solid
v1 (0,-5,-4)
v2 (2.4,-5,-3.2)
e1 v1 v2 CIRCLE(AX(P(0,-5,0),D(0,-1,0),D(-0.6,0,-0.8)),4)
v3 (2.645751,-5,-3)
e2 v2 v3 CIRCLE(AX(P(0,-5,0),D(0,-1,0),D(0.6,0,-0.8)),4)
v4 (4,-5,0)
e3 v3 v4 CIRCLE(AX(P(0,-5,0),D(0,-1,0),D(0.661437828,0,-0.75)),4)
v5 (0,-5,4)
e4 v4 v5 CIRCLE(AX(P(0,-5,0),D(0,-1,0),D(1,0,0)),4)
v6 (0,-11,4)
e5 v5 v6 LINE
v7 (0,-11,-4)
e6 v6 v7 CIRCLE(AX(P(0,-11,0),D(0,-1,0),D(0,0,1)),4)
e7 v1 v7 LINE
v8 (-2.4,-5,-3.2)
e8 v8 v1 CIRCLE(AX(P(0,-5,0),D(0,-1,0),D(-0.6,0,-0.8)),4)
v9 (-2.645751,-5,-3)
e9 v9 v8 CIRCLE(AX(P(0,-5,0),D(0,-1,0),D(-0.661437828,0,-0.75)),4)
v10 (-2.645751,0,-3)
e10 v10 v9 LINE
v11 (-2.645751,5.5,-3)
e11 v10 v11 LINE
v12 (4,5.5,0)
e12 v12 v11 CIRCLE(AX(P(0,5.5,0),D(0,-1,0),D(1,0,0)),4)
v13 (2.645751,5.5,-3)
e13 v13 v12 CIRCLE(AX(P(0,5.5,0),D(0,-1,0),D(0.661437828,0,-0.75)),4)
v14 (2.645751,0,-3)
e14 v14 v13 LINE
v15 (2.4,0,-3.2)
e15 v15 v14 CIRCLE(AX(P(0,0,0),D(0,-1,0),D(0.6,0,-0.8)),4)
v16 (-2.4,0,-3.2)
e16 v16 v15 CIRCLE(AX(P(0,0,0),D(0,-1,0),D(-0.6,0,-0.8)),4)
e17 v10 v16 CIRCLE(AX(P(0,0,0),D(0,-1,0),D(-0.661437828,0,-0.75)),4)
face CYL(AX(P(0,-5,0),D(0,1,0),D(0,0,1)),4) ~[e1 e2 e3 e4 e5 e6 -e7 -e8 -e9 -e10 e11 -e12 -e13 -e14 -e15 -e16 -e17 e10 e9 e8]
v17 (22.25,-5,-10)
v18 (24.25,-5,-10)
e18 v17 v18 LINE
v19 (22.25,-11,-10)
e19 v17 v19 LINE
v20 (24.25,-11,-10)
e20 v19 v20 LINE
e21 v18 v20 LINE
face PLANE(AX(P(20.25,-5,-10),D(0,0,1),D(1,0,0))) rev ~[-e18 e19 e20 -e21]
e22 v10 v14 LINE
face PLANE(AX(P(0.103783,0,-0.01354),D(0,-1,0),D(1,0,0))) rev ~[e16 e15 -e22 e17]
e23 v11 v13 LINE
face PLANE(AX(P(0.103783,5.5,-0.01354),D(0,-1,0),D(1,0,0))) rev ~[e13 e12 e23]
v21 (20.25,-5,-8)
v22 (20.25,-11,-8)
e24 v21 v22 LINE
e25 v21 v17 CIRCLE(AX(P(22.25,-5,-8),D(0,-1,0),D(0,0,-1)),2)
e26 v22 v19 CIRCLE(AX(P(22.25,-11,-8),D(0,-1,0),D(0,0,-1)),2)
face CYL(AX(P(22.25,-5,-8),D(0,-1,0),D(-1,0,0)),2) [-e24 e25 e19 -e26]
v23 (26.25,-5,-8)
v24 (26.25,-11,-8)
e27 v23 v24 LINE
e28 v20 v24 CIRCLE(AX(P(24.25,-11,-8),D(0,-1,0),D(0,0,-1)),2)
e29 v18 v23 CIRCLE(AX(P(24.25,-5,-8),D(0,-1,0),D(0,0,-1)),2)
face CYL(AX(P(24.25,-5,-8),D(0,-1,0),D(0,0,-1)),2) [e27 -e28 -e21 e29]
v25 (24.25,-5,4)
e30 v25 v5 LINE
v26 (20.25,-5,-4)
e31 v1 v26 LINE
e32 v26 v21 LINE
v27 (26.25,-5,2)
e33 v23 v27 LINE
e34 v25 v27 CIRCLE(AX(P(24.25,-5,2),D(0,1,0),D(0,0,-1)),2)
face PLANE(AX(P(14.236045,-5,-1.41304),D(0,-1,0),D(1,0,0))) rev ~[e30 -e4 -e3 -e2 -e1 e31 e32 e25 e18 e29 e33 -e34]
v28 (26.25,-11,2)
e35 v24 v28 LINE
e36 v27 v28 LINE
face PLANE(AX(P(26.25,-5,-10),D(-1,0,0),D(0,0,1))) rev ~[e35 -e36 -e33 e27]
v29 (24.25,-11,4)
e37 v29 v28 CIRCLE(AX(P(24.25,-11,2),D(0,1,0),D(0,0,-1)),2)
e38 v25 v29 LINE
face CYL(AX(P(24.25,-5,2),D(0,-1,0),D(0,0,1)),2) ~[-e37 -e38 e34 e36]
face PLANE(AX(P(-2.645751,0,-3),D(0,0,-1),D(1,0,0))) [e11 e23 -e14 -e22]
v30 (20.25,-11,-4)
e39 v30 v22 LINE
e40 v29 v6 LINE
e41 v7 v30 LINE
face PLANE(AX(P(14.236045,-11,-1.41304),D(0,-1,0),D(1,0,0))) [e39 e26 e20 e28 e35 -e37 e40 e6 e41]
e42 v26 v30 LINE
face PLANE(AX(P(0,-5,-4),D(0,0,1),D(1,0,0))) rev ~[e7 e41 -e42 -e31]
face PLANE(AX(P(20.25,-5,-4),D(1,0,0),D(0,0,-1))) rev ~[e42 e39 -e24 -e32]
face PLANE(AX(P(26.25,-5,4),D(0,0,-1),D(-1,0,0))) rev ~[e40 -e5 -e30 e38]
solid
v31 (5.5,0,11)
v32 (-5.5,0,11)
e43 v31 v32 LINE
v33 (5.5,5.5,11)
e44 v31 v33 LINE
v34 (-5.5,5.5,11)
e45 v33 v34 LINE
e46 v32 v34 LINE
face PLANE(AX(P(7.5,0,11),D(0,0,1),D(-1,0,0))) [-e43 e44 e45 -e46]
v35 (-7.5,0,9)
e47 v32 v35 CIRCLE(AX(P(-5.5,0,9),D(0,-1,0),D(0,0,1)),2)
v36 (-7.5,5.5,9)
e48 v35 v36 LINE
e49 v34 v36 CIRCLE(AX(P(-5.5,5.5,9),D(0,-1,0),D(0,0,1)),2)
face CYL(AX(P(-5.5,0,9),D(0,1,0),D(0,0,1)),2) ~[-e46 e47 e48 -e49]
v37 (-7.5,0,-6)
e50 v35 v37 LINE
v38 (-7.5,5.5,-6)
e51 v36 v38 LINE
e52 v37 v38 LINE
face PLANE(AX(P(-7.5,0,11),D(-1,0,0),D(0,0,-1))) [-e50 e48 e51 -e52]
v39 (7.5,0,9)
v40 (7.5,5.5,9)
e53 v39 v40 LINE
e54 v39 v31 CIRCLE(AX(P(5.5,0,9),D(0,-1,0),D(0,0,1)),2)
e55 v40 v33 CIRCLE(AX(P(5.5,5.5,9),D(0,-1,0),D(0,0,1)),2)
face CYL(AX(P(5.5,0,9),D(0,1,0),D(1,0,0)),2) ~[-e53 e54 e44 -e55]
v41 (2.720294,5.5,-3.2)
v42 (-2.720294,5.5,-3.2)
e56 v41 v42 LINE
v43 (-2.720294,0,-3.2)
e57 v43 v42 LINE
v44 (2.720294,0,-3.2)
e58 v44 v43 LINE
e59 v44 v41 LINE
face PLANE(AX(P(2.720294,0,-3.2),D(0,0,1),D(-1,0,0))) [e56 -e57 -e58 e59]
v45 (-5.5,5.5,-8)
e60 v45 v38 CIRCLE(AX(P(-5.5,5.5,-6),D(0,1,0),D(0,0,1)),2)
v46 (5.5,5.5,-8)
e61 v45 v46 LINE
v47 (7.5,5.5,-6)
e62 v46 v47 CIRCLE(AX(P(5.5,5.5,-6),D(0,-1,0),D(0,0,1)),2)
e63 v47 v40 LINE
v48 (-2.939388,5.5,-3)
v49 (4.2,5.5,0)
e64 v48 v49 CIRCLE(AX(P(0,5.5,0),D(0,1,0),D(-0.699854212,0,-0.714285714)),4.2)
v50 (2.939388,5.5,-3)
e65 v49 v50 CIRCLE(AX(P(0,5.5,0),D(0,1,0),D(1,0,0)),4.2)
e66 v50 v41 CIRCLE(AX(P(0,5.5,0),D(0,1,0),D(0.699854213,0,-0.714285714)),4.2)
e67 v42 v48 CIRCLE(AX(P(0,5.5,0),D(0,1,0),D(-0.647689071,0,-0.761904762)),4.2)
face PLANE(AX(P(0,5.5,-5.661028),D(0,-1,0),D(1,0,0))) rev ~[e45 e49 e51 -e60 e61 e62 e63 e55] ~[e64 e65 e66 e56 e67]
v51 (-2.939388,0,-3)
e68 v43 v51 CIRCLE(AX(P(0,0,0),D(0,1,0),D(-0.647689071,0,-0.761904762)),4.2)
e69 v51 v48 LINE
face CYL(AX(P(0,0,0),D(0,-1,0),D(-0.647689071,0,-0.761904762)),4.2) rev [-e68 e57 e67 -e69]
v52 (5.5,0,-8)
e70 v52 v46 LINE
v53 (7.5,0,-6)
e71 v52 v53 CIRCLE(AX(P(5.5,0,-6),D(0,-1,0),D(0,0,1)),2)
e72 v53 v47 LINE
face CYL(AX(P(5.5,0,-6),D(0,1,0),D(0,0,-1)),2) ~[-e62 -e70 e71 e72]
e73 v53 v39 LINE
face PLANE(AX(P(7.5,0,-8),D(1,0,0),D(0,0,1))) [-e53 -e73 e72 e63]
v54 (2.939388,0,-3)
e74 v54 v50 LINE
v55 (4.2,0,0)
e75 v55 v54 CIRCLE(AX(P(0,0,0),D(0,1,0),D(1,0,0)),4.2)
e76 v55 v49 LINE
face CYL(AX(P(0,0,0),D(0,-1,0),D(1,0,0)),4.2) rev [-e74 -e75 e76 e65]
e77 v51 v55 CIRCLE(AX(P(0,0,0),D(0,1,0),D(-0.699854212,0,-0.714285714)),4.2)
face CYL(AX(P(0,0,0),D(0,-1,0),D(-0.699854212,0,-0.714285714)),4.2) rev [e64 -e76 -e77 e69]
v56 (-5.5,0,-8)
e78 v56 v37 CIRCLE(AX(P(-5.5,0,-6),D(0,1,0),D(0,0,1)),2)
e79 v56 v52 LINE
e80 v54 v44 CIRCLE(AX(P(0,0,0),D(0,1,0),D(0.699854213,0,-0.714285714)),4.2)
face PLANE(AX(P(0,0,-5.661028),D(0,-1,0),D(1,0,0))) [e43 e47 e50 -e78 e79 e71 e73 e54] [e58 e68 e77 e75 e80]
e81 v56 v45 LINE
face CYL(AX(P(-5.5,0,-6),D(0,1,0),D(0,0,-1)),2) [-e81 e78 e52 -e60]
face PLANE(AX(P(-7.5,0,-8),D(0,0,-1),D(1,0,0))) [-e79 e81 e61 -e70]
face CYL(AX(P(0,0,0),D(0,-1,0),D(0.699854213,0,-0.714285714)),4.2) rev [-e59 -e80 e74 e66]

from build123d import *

# Parameters (mm, degrees)
F1_DEPTH = 5.5
F2_R     = 2
F3_DEPTH = 5.5
F4_DEPTH = 5
F6_DEPTH = 6
F7_R     = 2


with BuildPart() as f1:
    # F0 (on Front) → F1 (new body)
    with BuildSketch(Plane.XZ):
        with BuildLine():
            ThreePointArc((2.7202941017, -3.2), (0, -4.2), (-2.7202941017, -3.2))
            Line((-2.7202941017, -3.2), (-7.5, -3.2))
            Line((-7.5, -3.2), (-7.5, -8))
            Line((-7.5, -8), (0, -8))
            Line((0, -8), (7.5, -8))
            Line((7.5, -8), (7.5, -3.2))
            Line((7.5, -3.2), (2.7202941017, -3.2))
        make_face()
        with BuildLine():
            ThreePointArc((2.4, -3.2), (0, -4), (-2.4, -3.2))
            Line((-2.4, -3.2), (-2.7202941017, -3.2))
            ThreePointArc((-2.7202941017, -3.2), (0, -4.2), (2.7202941017, -3.2))
            Line((2.7202941017, -3.2), (2.4, -3.2))
        make_face()
        with BuildLine():
            Line((2.4, -3.2), (-2.4, -3.2))
            ThreePointArc((-2.4, -3.2), (0, -4), (2.4, -3.2))
        make_face()
        with BuildLine():
            Line((7.5, -3), (2.9393876913, -3))
            ThreePointArc((2.9393876913, -3), (2.8316072291, -3.1019349607), (2.7202941017, -3.2))
            Line((2.7202941017, -3.2), (7.5, -3.2))
            Line((7.5, -3.2), (7.5, -3))
        make_face()
        with BuildLine():
            ThreePointArc((-2.7202941017, -3.2), (-2.8316072291, -3.1019349607), (-2.9393876913, -3))
            Line((-2.9393876913, -3), (-7.5, -3))
            Line((-7.5, -3), (-7.5, -3.2))
            Line((-7.5, -3.2), (-2.7202941017, -3.2))
        make_face()
        with BuildLine():
            Line((-7.5, -3), (-2.9393876913, -3))
            ThreePointArc((-2.9393876913, -3), (-1.6270482009, 3.872042633), (4.2, 0))
            ThreePointArc((4.2, 0), (3.872042633, -1.6270482009), (2.9393876913, -3))
            Line((2.9393876913, -3), (7.5, -3))
            Line((7.5, -3), (7.5, 11))
            Line((7.5, 11), (0, 11))
            Line((0, 11), (-7.5, 11))
            Line((-7.5, 11), (-7.5, -3))
        make_face()
    extrude(amount=-F1_DEPTH)

    # F2
    f2_edges = [f1.edges().sort_by_distance(p)[0] for p in [
        (-7.5, 2.75, -8),
        (7.5, 2.75, -8),
        (-7.5, 2.75, 11),
        (7.5, 2.75, 11),
    ]]
    fillet(f2_edges, radius=F2_R)


with BuildPart() as f3:
    # F0 (on Front) → F3 (new body, through all)
    with BuildSketch(Plane.XZ):
        with BuildLine():
            ThreePointArc((2.6457513111, -3), (3.6457513111, -1.6457513111), (4, 0))
            ThreePointArc((4, 0), (-1.6457513111, 3.6457513111), (-2.6457513111, -3))
            Line((-2.6457513111, -3), (2.6457513111, -3))
        make_face()
    extrude(amount=-F3_DEPTH)

    # F0 (on Front) → F4 (join)
    with BuildSketch(Plane.XZ):
        with BuildLine():
            ThreePointArc((2.6457513111, -3), (3.6457513111, -1.6457513111), (4, 0))
            ThreePointArc((4, 0), (-1.6457513111, 3.6457513111), (-2.6457513111, -3))
            Line((-2.6457513111, -3), (2.6457513111, -3))
        make_face()
        with BuildLine():
            Line((2.4, -3.2), (-2.4, -3.2))
            ThreePointArc((-2.4, -3.2), (0, -4), (2.4, -3.2))
        make_face()
        with BuildLine():
            Line((2.6457513111, -3), (-2.6457513111, -3))
            ThreePointArc((-2.6457513111, -3), (-2.5248567431, -3.1024342744), (-2.4, -3.2))
            Line((-2.4, -3.2), (2.4, -3.2))
            ThreePointArc((2.4, -3.2), (2.5248567431, -3.1024342744), (2.6457513111, -3))
        make_face()
    extrude(amount=F4_DEPTH)

    # F5 (on face) → F6 (join)
    with BuildSketch(Plane.XZ.offset(5)):
        with BuildLine():
            Line((18.25, 4), (0, 4))
            ThreePointArc((0, 4), (2.8284271247, 2.8284271247), (4, 0))
            ThreePointArc((4, 0), (2.8284271247, -2.8284271247), (0, -4))
            Line((0, -4), (18.25, -4))
            Line((18.25, -4), (20.25, -4))
            Line((20.25, -4), (20.25, -10))
            Line((20.25, -10), (26.25, -10))
            Line((26.25, -10), (26.25, 4))
            Line((26.25, 4), (20.25, 4))
            Line((20.25, 4), (18.25, 4))
        make_face()
        with BuildLine():
            ThreePointArc((4, 0), (2.8284271247, 2.8284271247), (0, 4))
            ThreePointArc((0, 4), (-4, 0), (0, -4))
            ThreePointArc((0, -4), (2.8284271247, -2.8284271247), (4, 0))
        make_face()
    extrude(amount=F6_DEPTH)

    # F7
    f7_edges = [f3.edges().sort_by_distance(p)[0] for p in [
        (26.25, -8, 4),
        (26.25, -8, -10),
        (20.25, -8, -10),
    ]]
    fillet(f7_edges, radius=F7_R)


solid = Compound([f1.part, f3.part])
